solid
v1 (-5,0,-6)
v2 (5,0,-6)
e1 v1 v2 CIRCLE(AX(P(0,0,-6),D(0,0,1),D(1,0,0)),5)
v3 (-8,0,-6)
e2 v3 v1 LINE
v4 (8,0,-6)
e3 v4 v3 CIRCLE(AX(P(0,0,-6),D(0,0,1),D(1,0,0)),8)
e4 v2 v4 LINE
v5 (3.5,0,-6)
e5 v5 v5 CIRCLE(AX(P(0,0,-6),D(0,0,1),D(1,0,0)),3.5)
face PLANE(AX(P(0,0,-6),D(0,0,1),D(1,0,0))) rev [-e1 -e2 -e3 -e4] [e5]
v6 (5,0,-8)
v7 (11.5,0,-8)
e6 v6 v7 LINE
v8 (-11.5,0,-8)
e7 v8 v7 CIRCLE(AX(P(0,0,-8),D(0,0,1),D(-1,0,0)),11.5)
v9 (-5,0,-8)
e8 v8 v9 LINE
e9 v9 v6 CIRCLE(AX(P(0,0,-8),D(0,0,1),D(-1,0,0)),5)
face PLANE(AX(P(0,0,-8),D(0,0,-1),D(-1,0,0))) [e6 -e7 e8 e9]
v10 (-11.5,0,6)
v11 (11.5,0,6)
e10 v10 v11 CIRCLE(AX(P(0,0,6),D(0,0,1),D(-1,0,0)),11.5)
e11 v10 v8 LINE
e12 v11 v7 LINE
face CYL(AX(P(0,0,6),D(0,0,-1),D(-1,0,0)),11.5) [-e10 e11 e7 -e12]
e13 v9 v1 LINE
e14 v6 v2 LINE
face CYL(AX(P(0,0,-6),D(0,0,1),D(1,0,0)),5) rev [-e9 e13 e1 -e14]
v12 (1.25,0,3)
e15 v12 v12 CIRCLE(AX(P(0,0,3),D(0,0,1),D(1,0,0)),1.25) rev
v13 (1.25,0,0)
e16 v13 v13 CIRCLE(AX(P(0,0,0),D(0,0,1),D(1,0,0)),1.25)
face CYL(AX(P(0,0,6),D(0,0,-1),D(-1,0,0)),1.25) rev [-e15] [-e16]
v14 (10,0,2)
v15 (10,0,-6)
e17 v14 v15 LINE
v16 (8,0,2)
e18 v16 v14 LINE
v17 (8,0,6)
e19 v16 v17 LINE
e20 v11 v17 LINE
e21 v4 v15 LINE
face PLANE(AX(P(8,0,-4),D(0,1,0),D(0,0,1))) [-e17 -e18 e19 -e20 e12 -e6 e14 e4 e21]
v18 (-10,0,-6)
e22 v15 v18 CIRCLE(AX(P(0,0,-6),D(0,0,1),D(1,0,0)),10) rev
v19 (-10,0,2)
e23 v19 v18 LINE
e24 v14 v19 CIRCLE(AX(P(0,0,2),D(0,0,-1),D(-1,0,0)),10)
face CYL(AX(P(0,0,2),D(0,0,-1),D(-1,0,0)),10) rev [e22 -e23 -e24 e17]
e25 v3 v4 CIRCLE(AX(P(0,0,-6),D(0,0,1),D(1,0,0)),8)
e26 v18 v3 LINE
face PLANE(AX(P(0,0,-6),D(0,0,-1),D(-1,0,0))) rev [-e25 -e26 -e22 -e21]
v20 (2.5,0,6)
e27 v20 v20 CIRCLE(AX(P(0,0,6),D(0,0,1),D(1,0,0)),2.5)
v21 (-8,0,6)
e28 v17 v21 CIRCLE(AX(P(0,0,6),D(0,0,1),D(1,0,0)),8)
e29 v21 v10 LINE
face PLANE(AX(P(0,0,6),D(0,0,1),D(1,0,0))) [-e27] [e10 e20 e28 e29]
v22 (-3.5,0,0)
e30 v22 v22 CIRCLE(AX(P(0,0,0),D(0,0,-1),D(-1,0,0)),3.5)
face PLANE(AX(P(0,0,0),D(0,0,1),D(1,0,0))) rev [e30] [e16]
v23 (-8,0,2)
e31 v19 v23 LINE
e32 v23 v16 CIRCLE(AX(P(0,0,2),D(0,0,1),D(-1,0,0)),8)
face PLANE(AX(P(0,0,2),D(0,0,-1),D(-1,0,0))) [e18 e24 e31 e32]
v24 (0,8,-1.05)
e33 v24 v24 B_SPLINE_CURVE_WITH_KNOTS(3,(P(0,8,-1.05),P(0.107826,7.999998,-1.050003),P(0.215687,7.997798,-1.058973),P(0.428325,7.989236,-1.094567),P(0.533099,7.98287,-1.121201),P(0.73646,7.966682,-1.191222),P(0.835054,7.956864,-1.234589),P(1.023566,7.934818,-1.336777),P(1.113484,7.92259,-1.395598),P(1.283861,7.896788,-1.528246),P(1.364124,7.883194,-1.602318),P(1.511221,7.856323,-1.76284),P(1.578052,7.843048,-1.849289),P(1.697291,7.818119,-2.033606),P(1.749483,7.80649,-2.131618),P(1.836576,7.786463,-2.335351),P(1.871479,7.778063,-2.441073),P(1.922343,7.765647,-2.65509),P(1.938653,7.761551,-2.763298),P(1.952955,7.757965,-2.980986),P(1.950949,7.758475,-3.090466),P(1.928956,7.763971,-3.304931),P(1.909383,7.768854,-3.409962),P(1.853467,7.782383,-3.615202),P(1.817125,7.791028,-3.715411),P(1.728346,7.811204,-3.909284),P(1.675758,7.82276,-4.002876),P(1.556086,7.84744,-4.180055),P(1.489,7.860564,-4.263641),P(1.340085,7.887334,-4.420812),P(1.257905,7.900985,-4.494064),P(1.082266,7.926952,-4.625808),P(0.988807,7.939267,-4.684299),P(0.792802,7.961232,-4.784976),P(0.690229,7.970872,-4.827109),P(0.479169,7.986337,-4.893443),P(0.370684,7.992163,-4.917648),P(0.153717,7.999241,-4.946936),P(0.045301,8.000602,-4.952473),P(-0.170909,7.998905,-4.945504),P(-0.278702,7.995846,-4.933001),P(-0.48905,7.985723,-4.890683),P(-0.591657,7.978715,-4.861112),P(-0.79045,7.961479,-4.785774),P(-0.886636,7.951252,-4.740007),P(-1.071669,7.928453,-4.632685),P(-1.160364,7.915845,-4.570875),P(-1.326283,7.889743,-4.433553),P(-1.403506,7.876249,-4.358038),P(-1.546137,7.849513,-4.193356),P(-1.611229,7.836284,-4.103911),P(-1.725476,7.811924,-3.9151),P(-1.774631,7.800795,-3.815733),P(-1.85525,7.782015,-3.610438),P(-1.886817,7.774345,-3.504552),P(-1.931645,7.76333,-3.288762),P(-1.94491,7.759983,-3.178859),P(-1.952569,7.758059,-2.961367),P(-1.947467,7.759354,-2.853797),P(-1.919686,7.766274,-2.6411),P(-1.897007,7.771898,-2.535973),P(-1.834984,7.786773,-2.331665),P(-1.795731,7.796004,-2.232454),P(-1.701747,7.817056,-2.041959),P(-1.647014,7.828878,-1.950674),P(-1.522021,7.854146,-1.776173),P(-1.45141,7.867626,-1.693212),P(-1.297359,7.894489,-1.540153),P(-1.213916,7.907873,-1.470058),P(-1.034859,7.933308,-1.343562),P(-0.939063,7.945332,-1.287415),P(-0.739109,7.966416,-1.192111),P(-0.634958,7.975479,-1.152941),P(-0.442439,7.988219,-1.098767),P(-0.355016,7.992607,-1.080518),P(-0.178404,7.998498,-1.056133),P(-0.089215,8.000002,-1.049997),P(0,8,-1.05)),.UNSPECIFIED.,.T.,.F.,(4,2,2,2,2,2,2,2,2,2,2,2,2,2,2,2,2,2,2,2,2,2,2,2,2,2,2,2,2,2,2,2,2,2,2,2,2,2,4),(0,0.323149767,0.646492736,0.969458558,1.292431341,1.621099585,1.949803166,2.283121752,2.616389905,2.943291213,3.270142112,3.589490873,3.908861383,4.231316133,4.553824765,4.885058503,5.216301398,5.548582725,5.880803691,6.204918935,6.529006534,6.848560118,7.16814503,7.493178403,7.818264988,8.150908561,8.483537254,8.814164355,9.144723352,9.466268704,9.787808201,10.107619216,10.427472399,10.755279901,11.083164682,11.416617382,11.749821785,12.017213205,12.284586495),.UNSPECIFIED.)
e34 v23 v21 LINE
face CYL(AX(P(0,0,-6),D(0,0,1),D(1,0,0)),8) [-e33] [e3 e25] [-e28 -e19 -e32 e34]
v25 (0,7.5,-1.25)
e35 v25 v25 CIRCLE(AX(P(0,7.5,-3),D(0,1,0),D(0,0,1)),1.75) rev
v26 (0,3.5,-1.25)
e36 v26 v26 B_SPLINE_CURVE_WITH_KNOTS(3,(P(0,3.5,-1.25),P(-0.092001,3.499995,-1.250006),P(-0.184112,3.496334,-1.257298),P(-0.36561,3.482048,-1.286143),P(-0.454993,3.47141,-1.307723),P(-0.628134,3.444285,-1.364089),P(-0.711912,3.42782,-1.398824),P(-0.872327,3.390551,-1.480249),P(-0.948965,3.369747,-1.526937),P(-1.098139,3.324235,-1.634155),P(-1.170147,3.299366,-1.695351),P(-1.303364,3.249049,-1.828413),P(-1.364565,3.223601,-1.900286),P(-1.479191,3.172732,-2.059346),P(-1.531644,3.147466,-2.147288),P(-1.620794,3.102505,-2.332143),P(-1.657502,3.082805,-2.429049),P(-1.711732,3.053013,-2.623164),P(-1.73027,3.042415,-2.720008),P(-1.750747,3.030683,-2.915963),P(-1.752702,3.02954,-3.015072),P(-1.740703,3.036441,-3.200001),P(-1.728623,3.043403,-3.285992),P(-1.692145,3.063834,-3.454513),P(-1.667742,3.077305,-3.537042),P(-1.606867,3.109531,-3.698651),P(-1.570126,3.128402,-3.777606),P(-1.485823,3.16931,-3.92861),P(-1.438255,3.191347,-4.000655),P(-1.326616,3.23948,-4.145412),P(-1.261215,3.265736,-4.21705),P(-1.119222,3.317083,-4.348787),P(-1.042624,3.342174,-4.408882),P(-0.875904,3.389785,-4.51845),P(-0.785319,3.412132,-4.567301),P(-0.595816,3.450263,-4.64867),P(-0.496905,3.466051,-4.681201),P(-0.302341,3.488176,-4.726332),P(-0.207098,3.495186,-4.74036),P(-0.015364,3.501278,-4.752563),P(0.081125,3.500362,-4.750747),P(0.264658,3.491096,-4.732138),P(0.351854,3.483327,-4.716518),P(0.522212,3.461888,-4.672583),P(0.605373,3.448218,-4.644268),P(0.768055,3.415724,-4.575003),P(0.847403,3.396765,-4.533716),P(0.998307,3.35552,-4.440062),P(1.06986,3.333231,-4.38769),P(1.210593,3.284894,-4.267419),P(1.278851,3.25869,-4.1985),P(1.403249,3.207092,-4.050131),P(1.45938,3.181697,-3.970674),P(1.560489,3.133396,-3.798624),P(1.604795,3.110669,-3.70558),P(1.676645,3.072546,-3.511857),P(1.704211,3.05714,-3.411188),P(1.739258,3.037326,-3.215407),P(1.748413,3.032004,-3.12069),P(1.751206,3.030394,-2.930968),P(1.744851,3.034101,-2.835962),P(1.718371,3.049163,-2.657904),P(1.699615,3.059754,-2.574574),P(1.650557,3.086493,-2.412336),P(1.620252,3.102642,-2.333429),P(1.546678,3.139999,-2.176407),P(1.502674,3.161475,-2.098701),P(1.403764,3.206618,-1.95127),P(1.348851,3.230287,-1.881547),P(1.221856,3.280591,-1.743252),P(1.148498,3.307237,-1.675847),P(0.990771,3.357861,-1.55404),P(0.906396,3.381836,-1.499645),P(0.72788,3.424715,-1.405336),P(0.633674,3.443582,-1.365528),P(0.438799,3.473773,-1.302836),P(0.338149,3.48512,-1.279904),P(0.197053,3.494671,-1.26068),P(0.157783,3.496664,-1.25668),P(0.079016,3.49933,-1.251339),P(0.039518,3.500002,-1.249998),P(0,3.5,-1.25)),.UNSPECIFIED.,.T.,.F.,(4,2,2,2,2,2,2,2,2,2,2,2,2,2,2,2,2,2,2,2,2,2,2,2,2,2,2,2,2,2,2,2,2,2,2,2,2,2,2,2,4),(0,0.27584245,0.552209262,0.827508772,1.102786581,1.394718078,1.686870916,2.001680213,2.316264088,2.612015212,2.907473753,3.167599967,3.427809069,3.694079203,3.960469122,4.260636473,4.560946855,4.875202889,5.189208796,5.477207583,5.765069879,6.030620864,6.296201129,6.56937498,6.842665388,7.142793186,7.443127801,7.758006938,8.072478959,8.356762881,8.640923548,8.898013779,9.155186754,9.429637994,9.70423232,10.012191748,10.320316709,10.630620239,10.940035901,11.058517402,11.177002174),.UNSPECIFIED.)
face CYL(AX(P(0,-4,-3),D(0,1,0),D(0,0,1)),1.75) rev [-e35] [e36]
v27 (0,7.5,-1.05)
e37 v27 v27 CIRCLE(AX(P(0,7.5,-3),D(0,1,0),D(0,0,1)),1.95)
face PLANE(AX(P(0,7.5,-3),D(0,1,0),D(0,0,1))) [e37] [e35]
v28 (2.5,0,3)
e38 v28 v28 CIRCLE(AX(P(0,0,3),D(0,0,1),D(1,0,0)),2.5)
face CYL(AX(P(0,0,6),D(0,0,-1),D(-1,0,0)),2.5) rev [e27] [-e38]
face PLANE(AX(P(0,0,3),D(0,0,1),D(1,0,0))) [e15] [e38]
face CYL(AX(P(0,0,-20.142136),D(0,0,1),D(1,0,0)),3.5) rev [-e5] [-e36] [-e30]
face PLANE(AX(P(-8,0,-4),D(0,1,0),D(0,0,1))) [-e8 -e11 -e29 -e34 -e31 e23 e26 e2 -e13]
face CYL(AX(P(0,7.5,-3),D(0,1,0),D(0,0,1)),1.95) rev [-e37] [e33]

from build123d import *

# Parameters (mm, degrees)
SKETCH_1_R           = 5
SKETCH_1_R_2         = 2.5
EXTRUDE_1_DEPTH      = 6
SKETCH_2_R           = 2.5
EXTRUDE_2_DEPTH      = 3
SKETCH_3_R           = 1.25
CUT_EXTRUDE_3_DEPTH  = 10.273618495
EXTRUDE_START        = -12
SKETCH_8_R           = 8
SKETCH_8_R_2         = 5
EXTRUDE_4_DEPTH      = 12
SKETCH_11_R          = 1.75
CUT_EXTRUDE_4_DEPTH  = 12
SKETCH_12_R          = 1.95
CUT_EXTRUDE_5_DEPTH  = 0.5
EXTRUDE_START_2      = -10
EXTRUDE_5_DEPTH      = 10
FILLET_1_R           = 1
CUT_EXTRUDE_7_DEPTH  = 6
CUT_EXTRUDE_8_DEPTH  = 10
FILLET_2_R           = 10
EXTRUDE_START_3      = 2
EXTRUDE_6_DEPTH      = 2
EXTRUDE_7_DEPTH      = 2
CUT_EXTRUDE_9_DEPTH  = 27.588216719
EXTRUDE_START_4      = 6
SKETCH_20_R          = 5
SKETCH_20_R_2        = 3.5
EXTRUDE_8_DEPTH      = 6
SKETCH_21_R          = 1.75
CUT_EXTRUDE_10_DEPTH = 10


with BuildPart() as part:
    # 草图1 → 凸台-拉伸1 (new body)
    with BuildSketch(Plane.XY):
        Circle(SKETCH_1_R)
        Circle(SKETCH_1_R_2, mode=Mode.SUBTRACT)
    extrude(amount=EXTRUDE_1_DEPTH)

    # 草图2 → 凸台-拉伸2 (add)
    with BuildSketch(Plane.XY):
        Circle(SKETCH_2_R)
    extrude(amount=EXTRUDE_2_DEPTH)

    # 草图3 → 切除-拉伸3 (cut, through all)
    with BuildSketch(Plane.XY):
        Circle(SKETCH_3_R)
    extrude(amount=CUT_EXTRUDE_3_DEPTH, mode=Mode.SUBTRACT)

    # 草图8 → 凸台-拉伸4 (add)
    with BuildSketch(Plane.XY.offset(6).offset(EXTRUDE_START)):
        Circle(SKETCH_8_R)
        Circle(SKETCH_8_R_2, mode=Mode.SUBTRACT)
    extrude(amount=EXTRUDE_4_DEPTH)

    # 草图11 → 切除-拉伸4 (cut)
    with BuildSketch(Plane(origin=(0, 8, 0), x_dir=(1, 0, 0), z_dir=(0, 1, 0))):
        with Locations(Location((0, 3, 0), (0, 0, 270))):
            Circle(SKETCH_11_R)
    extrude(amount=-CUT_EXTRUDE_4_DEPTH, mode=Mode.SUBTRACT)

    # 草图12 → 切除-拉伸5 (cut)
    with BuildSketch(Plane(origin=(0, 8, 0), x_dir=(1, 0, 0), z_dir=(0, 1, 0))):
        with Locations(Location((0, 3, 0), (0, 0, 270))):
            Circle(SKETCH_12_R)
    extrude(amount=-CUT_EXTRUDE_5_DEPTH, mode=Mode.SUBTRACT)

    # 草图13 → 凸台-拉伸5 (add)
    with BuildSketch(Plane.XY.offset(6).offset(EXTRUDE_START_2)):
        with BuildLine():
            Line((-8, 0), (-16, 0))
            ThreePointArc((-16, 0), (0, -16), (16, 0))
            Line((16, 0), (8, 0))
            ThreePointArc((8, 0), (0, -8), (-8, 0))
        make_face()
    extrude(amount=EXTRUDE_5_DEPTH)

    # 圆角1
    fillet_1_edges = [part.edges().sort_by_distance(p)[0] for p in [
        (16, 0, 1),
        (-16, 0, 1),
    ]]
    fillet(fillet_1_edges, radius=FILLET_1_R)

    # 草图15 → 切除-拉伸7 (cut)
    with BuildSketch(Plane(origin=(0, 0, -4), x_dir=(-1, 0, 0), z_dir=(0, 0, -1))):
        with BuildLine():
            Line((-10, 0), (-8, 0))
            ThreePointArc((-8, 0), (0, -8), (8, 0))
            Line((8, 0), (10, 0))
            ThreePointArc((10, 0), (0, -10), (-10, 0))
        make_face()
    extrude(amount=-CUT_EXTRUDE_7_DEPTH, mode=Mode.SUBTRACT)

    # 草图16 → 切除-拉伸8 (cut)
    with BuildSketch(Plane(origin=(0, 0, -4), x_dir=(-1, 0, 0), z_dir=(0, 0, -1))):
        with BuildLine():
            Line((11.661330827, 0), (14.966629547, 0))
            ThreePointArc((14.966629547, 0), (15.69692629, -0.316869949), (15.96440485, -1.066666667))
            ThreePointArc((15.96440485, -1.066666667), (13.334766709, -8.842171499), (7.195716327, -14.290614631))
            ThreePointArc((7.195716327, -14.290614631), (10.518928308, -7.486043338), (11.661330827, 0))
        make_face()
    extrude(amount=-CUT_EXTRUDE_8_DEPTH, mode=Mode.SUBTRACT)

    # 圆角2
    fillet_2_edges = [part.edges().sort_by_distance(p)[0] for p in [
        (-7.195716327, -14.290614631, 1),
    ]]
    fillet(fillet_2_edges, radius=FILLET_2_R)

    # 草图17 → 凸台-拉伸6 (add)
    with BuildSketch(Plane(origin=(0, 0, -4), x_dir=(-1, 0, 0), z_dir=(0, 0, -1)).offset(EXTRUDE_START_3)):
        with BuildLine():
            Line((10, 0), (11.661330827, 0))
            ThreePointArc((11.661330827, 0), (11.141957729, -5.079523953), (9.605333334, -9.948825493))
            ThreePointArc((9.605333334, -9.948825493), (6.210515001, -14.141064577), (1.131984253, -15.95990638))
            ThreePointArc((1.131984253, -15.95990638), (-10.509629988, -12.064314217), (-15.96440485, -1.066666667))
            ThreePointArc((-15.96440485, -1.066666667), (-15.69692629, -0.316869949), (-14.966629547, 0))
            Line((-14.966629547, 0), (-10, 0))
            ThreePointArc((-10, 0), (0, -10), (10, 0))
        make_face()
    extrude(amount=-EXTRUDE_6_DEPTH)

    # 草图18 → 凸台-拉伸7 (add)
    with BuildSketch(Plane(origin=(0, 0, -6), x_dir=(-1, 0, 0), z_dir=(0, 0, -1)).offset(EXTRUDE_START_3)):
        with BuildLine():
            Line((10, 0), (11.661330827, 0))
            ThreePointArc((11.661330827, 0), (11.141957729, -5.079523953), (9.605333334, -9.948825493))
            ThreePointArc((9.605333334, -9.948825493), (6.210515001, -14.141064577), (1.131984253, -15.95990638))
            ThreePointArc((1.131984253, -15.95990638), (-10.509629988, -12.064314217), (-15.96440485, -1.066666667))
            ThreePointArc((-15.96440485, -1.066666667), (-15.69692629, -0.316869949), (-14.966629547, 0))
            Line((-14.966629547, 0), (-10, 0))
            Line((-10, 0), (-8, 0))
            Line((-8, 0), (-5, 0))
            ThreePointArc((-5, 0), (0, -5), (5, 0))
            Line((5, 0), (8, 0))
            Line((8, 0), (10, 0))
        make_face()
    extrude(amount=-EXTRUDE_7_DEPTH)

    # 草图19 → 切除-拉伸9 (cut, through all)
    with BuildSketch(Plane(origin=(0, 0, -8), x_dir=(-1, 0, 0), z_dir=(0, 0, -1))):
        with BuildLine():
            Line((11.661330827, 0), (11.5, 0))
            ThreePointArc((11.5, 0), (0, -11.5), (-11.5, 0))
            Line((-11.5, 0), (-14.966629547, 0))
            ThreePointArc((-14.966629547, 0), (-15.69692629, -0.316869949), (-15.96440485, -1.066666667))
            ThreePointArc((-15.96440485, -1.066666667), (-10.509629988, -12.064314217), (1.131984253, -15.95990638))
            ThreePointArc((1.131984253, -15.95990638), (6.210515001, -14.141064577), (9.605333334, -9.948825493))
            ThreePointArc((9.605333334, -9.948825493), (11.141957729, -5.079523953), (11.661330827, 0))
        make_face()
    extrude(amount=-CUT_EXTRUDE_9_DEPTH, mode=Mode.SUBTRACT)

    # 草图20 → 凸台-拉伸8 (add)
    with BuildSketch(Plane(origin=(0, 0, 0), x_dir=(-1, 0, 0), z_dir=(0, 0, -1)).offset(EXTRUDE_START_4)):
        Circle(SKETCH_20_R)
        with Locations(Location((0, 0, 0), (0, 0, 180))):
            Circle(SKETCH_20_R_2, mode=Mode.SUBTRACT)
    extrude(amount=-EXTRUDE_8_DEPTH)

    # 草图21 → 切除-拉伸10 (cut)
    with BuildSketch(Plane(origin=(0, 8, 0), x_dir=(1, 0, 0), z_dir=(0, 1, 0))):
        with Locations(Location((0, 3, 0), (0, 0, 270))):
            Circle(SKETCH_21_R)
    extrude(amount=-CUT_EXTRUDE_10_DEPTH, mode=Mode.SUBTRACT)


solid = part.part
